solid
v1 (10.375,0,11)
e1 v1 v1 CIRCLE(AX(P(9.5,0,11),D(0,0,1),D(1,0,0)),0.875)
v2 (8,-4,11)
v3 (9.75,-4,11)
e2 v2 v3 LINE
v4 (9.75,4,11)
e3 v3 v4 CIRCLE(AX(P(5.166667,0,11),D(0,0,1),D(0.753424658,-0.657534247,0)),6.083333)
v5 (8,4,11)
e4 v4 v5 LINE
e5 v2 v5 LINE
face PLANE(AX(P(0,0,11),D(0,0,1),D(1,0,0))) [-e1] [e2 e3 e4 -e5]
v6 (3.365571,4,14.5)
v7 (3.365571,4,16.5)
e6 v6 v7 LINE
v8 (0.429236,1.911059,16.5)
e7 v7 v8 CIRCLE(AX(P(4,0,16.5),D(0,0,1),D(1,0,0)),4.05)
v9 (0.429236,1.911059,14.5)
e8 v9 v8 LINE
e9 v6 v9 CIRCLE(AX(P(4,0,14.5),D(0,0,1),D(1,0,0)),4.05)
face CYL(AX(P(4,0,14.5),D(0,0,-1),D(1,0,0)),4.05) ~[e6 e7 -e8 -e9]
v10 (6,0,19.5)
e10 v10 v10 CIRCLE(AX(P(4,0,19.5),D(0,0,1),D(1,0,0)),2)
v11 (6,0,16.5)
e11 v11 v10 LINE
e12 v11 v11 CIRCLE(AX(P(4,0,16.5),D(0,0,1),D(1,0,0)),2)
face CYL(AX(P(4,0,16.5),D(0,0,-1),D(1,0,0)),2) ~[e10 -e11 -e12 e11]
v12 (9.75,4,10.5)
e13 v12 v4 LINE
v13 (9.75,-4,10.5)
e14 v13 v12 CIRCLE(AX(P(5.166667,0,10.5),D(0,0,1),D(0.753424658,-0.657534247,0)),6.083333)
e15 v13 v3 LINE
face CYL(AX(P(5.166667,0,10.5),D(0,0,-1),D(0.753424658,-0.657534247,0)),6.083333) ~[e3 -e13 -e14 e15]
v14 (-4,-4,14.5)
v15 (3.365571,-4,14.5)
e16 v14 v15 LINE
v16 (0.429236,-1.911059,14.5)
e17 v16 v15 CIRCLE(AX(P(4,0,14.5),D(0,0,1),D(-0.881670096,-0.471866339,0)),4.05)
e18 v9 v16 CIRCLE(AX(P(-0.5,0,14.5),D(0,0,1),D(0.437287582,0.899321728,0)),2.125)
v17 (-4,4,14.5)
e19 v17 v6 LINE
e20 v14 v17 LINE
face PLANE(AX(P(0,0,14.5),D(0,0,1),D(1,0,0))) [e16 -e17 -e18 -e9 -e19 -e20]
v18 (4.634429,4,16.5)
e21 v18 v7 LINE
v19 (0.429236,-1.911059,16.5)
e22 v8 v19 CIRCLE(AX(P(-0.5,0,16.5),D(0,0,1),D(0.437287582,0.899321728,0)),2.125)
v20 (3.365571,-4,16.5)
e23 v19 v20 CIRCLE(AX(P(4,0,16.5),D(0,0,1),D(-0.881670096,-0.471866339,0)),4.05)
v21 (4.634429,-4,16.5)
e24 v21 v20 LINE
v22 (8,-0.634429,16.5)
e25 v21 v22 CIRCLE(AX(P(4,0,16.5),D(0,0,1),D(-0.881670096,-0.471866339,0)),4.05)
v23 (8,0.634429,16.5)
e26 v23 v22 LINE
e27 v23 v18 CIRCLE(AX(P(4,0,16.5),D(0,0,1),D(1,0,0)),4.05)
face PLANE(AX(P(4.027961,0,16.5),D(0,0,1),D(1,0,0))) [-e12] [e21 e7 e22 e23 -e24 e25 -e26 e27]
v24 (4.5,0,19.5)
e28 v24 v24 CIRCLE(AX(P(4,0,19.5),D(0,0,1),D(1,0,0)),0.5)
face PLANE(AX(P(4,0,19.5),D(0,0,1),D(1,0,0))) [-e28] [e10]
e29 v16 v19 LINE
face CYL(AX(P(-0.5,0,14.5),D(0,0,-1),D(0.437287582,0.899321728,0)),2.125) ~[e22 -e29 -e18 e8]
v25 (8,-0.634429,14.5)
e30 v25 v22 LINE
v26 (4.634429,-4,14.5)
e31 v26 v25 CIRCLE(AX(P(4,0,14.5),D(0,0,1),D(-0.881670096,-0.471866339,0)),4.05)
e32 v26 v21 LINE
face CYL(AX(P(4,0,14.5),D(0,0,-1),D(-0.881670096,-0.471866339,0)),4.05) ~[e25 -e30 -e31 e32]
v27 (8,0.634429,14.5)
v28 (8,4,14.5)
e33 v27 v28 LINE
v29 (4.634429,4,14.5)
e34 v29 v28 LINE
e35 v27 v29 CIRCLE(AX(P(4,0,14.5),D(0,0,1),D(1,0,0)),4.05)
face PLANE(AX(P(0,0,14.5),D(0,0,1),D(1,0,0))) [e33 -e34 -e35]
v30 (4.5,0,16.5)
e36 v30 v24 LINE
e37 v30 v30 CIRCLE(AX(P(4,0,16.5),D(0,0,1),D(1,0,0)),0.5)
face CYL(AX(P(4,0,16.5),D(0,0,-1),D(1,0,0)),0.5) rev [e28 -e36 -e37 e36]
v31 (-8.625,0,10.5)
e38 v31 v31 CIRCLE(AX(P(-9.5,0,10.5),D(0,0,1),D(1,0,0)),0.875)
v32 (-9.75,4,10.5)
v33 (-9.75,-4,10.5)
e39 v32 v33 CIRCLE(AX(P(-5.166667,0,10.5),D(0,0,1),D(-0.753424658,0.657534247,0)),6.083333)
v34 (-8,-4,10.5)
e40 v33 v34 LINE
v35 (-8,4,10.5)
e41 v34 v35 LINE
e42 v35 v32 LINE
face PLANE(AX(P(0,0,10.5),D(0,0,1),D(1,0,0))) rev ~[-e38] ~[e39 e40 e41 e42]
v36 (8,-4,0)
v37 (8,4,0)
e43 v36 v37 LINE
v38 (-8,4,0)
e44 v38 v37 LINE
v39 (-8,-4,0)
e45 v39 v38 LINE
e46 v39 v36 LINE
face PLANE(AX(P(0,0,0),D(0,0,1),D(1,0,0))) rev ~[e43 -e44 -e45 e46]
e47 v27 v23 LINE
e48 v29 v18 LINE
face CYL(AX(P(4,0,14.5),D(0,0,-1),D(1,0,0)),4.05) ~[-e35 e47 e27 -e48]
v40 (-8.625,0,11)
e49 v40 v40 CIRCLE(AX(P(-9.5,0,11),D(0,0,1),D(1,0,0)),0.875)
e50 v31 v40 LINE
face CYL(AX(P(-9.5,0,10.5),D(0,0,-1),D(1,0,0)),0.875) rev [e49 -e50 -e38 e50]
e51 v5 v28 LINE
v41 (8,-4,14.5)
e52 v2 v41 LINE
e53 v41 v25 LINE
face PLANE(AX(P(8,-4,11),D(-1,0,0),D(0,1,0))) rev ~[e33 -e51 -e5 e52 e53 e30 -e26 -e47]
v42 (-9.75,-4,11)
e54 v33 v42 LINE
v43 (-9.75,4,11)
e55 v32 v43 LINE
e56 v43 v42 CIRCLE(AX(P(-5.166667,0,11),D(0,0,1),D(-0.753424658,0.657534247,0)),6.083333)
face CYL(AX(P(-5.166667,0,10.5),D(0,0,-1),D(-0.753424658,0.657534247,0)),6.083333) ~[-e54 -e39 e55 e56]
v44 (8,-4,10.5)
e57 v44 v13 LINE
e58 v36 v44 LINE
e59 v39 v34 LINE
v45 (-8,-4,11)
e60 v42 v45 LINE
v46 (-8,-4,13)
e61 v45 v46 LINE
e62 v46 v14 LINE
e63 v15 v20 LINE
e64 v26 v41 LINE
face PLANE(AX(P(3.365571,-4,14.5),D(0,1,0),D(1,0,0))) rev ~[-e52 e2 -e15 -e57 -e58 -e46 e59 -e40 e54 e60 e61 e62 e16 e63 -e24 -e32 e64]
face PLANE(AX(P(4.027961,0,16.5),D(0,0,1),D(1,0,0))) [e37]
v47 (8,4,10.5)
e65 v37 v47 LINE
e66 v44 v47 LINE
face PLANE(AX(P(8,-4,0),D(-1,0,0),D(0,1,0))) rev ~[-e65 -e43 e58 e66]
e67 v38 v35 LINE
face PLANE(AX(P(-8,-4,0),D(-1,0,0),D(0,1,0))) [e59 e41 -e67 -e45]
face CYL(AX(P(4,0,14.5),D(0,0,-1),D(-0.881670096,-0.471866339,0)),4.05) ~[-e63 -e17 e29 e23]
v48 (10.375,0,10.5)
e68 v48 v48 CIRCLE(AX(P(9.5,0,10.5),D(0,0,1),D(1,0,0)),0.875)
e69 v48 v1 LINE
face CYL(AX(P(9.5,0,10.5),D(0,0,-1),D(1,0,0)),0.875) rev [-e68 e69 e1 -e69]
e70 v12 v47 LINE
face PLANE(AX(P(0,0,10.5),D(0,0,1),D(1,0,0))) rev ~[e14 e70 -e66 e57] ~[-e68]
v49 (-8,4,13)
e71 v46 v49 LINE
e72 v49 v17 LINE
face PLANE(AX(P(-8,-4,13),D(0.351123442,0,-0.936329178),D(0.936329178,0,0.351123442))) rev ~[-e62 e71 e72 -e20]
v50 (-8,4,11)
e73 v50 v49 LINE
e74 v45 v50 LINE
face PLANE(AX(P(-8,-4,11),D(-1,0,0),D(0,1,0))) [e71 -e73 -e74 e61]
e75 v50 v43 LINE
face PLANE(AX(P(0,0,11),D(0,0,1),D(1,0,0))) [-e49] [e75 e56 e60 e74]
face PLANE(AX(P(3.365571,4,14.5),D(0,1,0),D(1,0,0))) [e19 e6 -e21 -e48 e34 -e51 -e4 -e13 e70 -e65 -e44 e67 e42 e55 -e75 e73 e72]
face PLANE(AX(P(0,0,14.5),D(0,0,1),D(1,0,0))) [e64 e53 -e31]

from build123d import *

# Parameters (mm, degrees)
F0_W      = 16
F0_H      = 8
F1_DEPTH  = 10.5
F2_R      = 0.875
F3_DEPTH  = 0.5
F4_W      = 16
F4_H      = 8
F5_DEPTH  = 3.5
F7_DEPTH  = 25
F9_DEPTH  = 2
F10_DEPTH = 25
F11_DEPTH = 25
F12_DEPTH = 25
F13_R     = 2
F13_R_2   = 0.5
F14_DEPTH = 3


with BuildPart() as f1:
    # F0 (on Top) → F1 (new body)
    with BuildSketch(Plane.XY):
        Rectangle(F0_W, F0_H)
    extrude(amount=F1_DEPTH)

    # F2 (on face) → F3 (join)
    with BuildSketch(Plane.XY.offset(10.5)):
        with BuildLine():
            ThreePointArc((9.75, -4), (11.25, 0), (9.75, 4))
            Line((9.75, 4), (-9.75, 4))
            ThreePointArc((-9.75, 4), (-11.25, 0), (-9.75, -4))
            Line((-9.75, -4), (9.75, -4))
        make_face()
        with Locations((-9.5, 0)):
            Circle(F2_R, mode=Mode.SUBTRACT)
        with Locations((9.5, 0)):
            Circle(F2_R, mode=Mode.SUBTRACT)
    extrude(amount=F3_DEPTH)

    # F4 (on face) → F5 (join)
    with BuildSketch(Plane.XY.offset(11)):
        Rectangle(F4_W, F4_H)
    extrude(amount=F5_DEPTH)

    # F6 (on face) → F7 (cut)
    with BuildSketch(Plane.XZ.offset(4)):
        Polygon((-8, 14.5), (-8, 13), (-4, 14.5), align=None)
    extrude(amount=-F7_DEPTH, mode=Mode.SUBTRACT)

    # F8 (on face) → F9 (join)
    with BuildSketch(Plane.XY.offset(14.5)):
        with BuildLine():
            ThreePointArc((0.4292361111, -1.9110586725), (4.9851157927, -3.928364402), (8.05, 0))
            ThreePointArc((8.05, 0), (4.9851157927, 3.928364402), (0.4292361111, 1.9110586725))
            ThreePointArc((0.4292361111, 1.9110586725), (1.3014232895, 1.1271641992), (1.625, 0))
            ThreePointArc((1.625, 0), (1.3014232895, -1.1271641992), (0.4292361111, -1.9110586725))
        make_face()
        with BuildLine():
            ThreePointArc((1.625, 0), (1.3014232895, 1.1271641992), (0.4292361111, 1.9110586725))
            ThreePointArc((0.4292361111, 1.9110586725), (-0.05, 0), (0.4292361111, -1.9110586725))
            ThreePointArc((0.4292361111, -1.9110586725), (1.3014232895, -1.1271641992), (1.625, 0))
        make_face()
        with BuildLine():
            ThreePointArc((0.4292361111, -1.9110586725), (-0.05, 0), (0.4292361111, 1.9110586725))
            ThreePointArc((0.4292361111, 1.9110586725), (-2.625, 0), (0.4292361111, -1.9110586725))
        make_face()
    extrude(amount=F9_DEPTH)

    # F10 (cut): a face of the model
    f10_faces = [f1.faces().sort_by_distance(p)[0] for p in [
        (4, 4.0200106199, 14.5),
    ]]
    extrude(f10_faces, amount=-F10_DEPTH, mode=Mode.SUBTRACT)

    # F11 (cut): a face of the model
    f11_faces = [f1.faces().sort_by_distance(p)[0] for p in [
        (4, -4.0200106199, 14.5),
    ]]
    extrude(f11_faces, amount=-F11_DEPTH, mode=Mode.SUBTRACT)

    # F12 (cut): a face of the model
    f12_faces = [f1.faces().sort_by_distance(p)[0] for p in [
        (8.0200106199, 0, 14.5),
    ]]
    extrude(f12_faces, amount=-F12_DEPTH, mode=Mode.SUBTRACT)

    # F13 (on face) → F14 (join)
    with BuildSketch(Plane.XY.offset(16.5)):
        with Locations((4, 0)):
            Circle(F13_R)
        with Locations((4, 0)):
            Circle(F13_R_2, mode=Mode.SUBTRACT)
    extrude(amount=F14_DEPTH)


solid = f1.part
